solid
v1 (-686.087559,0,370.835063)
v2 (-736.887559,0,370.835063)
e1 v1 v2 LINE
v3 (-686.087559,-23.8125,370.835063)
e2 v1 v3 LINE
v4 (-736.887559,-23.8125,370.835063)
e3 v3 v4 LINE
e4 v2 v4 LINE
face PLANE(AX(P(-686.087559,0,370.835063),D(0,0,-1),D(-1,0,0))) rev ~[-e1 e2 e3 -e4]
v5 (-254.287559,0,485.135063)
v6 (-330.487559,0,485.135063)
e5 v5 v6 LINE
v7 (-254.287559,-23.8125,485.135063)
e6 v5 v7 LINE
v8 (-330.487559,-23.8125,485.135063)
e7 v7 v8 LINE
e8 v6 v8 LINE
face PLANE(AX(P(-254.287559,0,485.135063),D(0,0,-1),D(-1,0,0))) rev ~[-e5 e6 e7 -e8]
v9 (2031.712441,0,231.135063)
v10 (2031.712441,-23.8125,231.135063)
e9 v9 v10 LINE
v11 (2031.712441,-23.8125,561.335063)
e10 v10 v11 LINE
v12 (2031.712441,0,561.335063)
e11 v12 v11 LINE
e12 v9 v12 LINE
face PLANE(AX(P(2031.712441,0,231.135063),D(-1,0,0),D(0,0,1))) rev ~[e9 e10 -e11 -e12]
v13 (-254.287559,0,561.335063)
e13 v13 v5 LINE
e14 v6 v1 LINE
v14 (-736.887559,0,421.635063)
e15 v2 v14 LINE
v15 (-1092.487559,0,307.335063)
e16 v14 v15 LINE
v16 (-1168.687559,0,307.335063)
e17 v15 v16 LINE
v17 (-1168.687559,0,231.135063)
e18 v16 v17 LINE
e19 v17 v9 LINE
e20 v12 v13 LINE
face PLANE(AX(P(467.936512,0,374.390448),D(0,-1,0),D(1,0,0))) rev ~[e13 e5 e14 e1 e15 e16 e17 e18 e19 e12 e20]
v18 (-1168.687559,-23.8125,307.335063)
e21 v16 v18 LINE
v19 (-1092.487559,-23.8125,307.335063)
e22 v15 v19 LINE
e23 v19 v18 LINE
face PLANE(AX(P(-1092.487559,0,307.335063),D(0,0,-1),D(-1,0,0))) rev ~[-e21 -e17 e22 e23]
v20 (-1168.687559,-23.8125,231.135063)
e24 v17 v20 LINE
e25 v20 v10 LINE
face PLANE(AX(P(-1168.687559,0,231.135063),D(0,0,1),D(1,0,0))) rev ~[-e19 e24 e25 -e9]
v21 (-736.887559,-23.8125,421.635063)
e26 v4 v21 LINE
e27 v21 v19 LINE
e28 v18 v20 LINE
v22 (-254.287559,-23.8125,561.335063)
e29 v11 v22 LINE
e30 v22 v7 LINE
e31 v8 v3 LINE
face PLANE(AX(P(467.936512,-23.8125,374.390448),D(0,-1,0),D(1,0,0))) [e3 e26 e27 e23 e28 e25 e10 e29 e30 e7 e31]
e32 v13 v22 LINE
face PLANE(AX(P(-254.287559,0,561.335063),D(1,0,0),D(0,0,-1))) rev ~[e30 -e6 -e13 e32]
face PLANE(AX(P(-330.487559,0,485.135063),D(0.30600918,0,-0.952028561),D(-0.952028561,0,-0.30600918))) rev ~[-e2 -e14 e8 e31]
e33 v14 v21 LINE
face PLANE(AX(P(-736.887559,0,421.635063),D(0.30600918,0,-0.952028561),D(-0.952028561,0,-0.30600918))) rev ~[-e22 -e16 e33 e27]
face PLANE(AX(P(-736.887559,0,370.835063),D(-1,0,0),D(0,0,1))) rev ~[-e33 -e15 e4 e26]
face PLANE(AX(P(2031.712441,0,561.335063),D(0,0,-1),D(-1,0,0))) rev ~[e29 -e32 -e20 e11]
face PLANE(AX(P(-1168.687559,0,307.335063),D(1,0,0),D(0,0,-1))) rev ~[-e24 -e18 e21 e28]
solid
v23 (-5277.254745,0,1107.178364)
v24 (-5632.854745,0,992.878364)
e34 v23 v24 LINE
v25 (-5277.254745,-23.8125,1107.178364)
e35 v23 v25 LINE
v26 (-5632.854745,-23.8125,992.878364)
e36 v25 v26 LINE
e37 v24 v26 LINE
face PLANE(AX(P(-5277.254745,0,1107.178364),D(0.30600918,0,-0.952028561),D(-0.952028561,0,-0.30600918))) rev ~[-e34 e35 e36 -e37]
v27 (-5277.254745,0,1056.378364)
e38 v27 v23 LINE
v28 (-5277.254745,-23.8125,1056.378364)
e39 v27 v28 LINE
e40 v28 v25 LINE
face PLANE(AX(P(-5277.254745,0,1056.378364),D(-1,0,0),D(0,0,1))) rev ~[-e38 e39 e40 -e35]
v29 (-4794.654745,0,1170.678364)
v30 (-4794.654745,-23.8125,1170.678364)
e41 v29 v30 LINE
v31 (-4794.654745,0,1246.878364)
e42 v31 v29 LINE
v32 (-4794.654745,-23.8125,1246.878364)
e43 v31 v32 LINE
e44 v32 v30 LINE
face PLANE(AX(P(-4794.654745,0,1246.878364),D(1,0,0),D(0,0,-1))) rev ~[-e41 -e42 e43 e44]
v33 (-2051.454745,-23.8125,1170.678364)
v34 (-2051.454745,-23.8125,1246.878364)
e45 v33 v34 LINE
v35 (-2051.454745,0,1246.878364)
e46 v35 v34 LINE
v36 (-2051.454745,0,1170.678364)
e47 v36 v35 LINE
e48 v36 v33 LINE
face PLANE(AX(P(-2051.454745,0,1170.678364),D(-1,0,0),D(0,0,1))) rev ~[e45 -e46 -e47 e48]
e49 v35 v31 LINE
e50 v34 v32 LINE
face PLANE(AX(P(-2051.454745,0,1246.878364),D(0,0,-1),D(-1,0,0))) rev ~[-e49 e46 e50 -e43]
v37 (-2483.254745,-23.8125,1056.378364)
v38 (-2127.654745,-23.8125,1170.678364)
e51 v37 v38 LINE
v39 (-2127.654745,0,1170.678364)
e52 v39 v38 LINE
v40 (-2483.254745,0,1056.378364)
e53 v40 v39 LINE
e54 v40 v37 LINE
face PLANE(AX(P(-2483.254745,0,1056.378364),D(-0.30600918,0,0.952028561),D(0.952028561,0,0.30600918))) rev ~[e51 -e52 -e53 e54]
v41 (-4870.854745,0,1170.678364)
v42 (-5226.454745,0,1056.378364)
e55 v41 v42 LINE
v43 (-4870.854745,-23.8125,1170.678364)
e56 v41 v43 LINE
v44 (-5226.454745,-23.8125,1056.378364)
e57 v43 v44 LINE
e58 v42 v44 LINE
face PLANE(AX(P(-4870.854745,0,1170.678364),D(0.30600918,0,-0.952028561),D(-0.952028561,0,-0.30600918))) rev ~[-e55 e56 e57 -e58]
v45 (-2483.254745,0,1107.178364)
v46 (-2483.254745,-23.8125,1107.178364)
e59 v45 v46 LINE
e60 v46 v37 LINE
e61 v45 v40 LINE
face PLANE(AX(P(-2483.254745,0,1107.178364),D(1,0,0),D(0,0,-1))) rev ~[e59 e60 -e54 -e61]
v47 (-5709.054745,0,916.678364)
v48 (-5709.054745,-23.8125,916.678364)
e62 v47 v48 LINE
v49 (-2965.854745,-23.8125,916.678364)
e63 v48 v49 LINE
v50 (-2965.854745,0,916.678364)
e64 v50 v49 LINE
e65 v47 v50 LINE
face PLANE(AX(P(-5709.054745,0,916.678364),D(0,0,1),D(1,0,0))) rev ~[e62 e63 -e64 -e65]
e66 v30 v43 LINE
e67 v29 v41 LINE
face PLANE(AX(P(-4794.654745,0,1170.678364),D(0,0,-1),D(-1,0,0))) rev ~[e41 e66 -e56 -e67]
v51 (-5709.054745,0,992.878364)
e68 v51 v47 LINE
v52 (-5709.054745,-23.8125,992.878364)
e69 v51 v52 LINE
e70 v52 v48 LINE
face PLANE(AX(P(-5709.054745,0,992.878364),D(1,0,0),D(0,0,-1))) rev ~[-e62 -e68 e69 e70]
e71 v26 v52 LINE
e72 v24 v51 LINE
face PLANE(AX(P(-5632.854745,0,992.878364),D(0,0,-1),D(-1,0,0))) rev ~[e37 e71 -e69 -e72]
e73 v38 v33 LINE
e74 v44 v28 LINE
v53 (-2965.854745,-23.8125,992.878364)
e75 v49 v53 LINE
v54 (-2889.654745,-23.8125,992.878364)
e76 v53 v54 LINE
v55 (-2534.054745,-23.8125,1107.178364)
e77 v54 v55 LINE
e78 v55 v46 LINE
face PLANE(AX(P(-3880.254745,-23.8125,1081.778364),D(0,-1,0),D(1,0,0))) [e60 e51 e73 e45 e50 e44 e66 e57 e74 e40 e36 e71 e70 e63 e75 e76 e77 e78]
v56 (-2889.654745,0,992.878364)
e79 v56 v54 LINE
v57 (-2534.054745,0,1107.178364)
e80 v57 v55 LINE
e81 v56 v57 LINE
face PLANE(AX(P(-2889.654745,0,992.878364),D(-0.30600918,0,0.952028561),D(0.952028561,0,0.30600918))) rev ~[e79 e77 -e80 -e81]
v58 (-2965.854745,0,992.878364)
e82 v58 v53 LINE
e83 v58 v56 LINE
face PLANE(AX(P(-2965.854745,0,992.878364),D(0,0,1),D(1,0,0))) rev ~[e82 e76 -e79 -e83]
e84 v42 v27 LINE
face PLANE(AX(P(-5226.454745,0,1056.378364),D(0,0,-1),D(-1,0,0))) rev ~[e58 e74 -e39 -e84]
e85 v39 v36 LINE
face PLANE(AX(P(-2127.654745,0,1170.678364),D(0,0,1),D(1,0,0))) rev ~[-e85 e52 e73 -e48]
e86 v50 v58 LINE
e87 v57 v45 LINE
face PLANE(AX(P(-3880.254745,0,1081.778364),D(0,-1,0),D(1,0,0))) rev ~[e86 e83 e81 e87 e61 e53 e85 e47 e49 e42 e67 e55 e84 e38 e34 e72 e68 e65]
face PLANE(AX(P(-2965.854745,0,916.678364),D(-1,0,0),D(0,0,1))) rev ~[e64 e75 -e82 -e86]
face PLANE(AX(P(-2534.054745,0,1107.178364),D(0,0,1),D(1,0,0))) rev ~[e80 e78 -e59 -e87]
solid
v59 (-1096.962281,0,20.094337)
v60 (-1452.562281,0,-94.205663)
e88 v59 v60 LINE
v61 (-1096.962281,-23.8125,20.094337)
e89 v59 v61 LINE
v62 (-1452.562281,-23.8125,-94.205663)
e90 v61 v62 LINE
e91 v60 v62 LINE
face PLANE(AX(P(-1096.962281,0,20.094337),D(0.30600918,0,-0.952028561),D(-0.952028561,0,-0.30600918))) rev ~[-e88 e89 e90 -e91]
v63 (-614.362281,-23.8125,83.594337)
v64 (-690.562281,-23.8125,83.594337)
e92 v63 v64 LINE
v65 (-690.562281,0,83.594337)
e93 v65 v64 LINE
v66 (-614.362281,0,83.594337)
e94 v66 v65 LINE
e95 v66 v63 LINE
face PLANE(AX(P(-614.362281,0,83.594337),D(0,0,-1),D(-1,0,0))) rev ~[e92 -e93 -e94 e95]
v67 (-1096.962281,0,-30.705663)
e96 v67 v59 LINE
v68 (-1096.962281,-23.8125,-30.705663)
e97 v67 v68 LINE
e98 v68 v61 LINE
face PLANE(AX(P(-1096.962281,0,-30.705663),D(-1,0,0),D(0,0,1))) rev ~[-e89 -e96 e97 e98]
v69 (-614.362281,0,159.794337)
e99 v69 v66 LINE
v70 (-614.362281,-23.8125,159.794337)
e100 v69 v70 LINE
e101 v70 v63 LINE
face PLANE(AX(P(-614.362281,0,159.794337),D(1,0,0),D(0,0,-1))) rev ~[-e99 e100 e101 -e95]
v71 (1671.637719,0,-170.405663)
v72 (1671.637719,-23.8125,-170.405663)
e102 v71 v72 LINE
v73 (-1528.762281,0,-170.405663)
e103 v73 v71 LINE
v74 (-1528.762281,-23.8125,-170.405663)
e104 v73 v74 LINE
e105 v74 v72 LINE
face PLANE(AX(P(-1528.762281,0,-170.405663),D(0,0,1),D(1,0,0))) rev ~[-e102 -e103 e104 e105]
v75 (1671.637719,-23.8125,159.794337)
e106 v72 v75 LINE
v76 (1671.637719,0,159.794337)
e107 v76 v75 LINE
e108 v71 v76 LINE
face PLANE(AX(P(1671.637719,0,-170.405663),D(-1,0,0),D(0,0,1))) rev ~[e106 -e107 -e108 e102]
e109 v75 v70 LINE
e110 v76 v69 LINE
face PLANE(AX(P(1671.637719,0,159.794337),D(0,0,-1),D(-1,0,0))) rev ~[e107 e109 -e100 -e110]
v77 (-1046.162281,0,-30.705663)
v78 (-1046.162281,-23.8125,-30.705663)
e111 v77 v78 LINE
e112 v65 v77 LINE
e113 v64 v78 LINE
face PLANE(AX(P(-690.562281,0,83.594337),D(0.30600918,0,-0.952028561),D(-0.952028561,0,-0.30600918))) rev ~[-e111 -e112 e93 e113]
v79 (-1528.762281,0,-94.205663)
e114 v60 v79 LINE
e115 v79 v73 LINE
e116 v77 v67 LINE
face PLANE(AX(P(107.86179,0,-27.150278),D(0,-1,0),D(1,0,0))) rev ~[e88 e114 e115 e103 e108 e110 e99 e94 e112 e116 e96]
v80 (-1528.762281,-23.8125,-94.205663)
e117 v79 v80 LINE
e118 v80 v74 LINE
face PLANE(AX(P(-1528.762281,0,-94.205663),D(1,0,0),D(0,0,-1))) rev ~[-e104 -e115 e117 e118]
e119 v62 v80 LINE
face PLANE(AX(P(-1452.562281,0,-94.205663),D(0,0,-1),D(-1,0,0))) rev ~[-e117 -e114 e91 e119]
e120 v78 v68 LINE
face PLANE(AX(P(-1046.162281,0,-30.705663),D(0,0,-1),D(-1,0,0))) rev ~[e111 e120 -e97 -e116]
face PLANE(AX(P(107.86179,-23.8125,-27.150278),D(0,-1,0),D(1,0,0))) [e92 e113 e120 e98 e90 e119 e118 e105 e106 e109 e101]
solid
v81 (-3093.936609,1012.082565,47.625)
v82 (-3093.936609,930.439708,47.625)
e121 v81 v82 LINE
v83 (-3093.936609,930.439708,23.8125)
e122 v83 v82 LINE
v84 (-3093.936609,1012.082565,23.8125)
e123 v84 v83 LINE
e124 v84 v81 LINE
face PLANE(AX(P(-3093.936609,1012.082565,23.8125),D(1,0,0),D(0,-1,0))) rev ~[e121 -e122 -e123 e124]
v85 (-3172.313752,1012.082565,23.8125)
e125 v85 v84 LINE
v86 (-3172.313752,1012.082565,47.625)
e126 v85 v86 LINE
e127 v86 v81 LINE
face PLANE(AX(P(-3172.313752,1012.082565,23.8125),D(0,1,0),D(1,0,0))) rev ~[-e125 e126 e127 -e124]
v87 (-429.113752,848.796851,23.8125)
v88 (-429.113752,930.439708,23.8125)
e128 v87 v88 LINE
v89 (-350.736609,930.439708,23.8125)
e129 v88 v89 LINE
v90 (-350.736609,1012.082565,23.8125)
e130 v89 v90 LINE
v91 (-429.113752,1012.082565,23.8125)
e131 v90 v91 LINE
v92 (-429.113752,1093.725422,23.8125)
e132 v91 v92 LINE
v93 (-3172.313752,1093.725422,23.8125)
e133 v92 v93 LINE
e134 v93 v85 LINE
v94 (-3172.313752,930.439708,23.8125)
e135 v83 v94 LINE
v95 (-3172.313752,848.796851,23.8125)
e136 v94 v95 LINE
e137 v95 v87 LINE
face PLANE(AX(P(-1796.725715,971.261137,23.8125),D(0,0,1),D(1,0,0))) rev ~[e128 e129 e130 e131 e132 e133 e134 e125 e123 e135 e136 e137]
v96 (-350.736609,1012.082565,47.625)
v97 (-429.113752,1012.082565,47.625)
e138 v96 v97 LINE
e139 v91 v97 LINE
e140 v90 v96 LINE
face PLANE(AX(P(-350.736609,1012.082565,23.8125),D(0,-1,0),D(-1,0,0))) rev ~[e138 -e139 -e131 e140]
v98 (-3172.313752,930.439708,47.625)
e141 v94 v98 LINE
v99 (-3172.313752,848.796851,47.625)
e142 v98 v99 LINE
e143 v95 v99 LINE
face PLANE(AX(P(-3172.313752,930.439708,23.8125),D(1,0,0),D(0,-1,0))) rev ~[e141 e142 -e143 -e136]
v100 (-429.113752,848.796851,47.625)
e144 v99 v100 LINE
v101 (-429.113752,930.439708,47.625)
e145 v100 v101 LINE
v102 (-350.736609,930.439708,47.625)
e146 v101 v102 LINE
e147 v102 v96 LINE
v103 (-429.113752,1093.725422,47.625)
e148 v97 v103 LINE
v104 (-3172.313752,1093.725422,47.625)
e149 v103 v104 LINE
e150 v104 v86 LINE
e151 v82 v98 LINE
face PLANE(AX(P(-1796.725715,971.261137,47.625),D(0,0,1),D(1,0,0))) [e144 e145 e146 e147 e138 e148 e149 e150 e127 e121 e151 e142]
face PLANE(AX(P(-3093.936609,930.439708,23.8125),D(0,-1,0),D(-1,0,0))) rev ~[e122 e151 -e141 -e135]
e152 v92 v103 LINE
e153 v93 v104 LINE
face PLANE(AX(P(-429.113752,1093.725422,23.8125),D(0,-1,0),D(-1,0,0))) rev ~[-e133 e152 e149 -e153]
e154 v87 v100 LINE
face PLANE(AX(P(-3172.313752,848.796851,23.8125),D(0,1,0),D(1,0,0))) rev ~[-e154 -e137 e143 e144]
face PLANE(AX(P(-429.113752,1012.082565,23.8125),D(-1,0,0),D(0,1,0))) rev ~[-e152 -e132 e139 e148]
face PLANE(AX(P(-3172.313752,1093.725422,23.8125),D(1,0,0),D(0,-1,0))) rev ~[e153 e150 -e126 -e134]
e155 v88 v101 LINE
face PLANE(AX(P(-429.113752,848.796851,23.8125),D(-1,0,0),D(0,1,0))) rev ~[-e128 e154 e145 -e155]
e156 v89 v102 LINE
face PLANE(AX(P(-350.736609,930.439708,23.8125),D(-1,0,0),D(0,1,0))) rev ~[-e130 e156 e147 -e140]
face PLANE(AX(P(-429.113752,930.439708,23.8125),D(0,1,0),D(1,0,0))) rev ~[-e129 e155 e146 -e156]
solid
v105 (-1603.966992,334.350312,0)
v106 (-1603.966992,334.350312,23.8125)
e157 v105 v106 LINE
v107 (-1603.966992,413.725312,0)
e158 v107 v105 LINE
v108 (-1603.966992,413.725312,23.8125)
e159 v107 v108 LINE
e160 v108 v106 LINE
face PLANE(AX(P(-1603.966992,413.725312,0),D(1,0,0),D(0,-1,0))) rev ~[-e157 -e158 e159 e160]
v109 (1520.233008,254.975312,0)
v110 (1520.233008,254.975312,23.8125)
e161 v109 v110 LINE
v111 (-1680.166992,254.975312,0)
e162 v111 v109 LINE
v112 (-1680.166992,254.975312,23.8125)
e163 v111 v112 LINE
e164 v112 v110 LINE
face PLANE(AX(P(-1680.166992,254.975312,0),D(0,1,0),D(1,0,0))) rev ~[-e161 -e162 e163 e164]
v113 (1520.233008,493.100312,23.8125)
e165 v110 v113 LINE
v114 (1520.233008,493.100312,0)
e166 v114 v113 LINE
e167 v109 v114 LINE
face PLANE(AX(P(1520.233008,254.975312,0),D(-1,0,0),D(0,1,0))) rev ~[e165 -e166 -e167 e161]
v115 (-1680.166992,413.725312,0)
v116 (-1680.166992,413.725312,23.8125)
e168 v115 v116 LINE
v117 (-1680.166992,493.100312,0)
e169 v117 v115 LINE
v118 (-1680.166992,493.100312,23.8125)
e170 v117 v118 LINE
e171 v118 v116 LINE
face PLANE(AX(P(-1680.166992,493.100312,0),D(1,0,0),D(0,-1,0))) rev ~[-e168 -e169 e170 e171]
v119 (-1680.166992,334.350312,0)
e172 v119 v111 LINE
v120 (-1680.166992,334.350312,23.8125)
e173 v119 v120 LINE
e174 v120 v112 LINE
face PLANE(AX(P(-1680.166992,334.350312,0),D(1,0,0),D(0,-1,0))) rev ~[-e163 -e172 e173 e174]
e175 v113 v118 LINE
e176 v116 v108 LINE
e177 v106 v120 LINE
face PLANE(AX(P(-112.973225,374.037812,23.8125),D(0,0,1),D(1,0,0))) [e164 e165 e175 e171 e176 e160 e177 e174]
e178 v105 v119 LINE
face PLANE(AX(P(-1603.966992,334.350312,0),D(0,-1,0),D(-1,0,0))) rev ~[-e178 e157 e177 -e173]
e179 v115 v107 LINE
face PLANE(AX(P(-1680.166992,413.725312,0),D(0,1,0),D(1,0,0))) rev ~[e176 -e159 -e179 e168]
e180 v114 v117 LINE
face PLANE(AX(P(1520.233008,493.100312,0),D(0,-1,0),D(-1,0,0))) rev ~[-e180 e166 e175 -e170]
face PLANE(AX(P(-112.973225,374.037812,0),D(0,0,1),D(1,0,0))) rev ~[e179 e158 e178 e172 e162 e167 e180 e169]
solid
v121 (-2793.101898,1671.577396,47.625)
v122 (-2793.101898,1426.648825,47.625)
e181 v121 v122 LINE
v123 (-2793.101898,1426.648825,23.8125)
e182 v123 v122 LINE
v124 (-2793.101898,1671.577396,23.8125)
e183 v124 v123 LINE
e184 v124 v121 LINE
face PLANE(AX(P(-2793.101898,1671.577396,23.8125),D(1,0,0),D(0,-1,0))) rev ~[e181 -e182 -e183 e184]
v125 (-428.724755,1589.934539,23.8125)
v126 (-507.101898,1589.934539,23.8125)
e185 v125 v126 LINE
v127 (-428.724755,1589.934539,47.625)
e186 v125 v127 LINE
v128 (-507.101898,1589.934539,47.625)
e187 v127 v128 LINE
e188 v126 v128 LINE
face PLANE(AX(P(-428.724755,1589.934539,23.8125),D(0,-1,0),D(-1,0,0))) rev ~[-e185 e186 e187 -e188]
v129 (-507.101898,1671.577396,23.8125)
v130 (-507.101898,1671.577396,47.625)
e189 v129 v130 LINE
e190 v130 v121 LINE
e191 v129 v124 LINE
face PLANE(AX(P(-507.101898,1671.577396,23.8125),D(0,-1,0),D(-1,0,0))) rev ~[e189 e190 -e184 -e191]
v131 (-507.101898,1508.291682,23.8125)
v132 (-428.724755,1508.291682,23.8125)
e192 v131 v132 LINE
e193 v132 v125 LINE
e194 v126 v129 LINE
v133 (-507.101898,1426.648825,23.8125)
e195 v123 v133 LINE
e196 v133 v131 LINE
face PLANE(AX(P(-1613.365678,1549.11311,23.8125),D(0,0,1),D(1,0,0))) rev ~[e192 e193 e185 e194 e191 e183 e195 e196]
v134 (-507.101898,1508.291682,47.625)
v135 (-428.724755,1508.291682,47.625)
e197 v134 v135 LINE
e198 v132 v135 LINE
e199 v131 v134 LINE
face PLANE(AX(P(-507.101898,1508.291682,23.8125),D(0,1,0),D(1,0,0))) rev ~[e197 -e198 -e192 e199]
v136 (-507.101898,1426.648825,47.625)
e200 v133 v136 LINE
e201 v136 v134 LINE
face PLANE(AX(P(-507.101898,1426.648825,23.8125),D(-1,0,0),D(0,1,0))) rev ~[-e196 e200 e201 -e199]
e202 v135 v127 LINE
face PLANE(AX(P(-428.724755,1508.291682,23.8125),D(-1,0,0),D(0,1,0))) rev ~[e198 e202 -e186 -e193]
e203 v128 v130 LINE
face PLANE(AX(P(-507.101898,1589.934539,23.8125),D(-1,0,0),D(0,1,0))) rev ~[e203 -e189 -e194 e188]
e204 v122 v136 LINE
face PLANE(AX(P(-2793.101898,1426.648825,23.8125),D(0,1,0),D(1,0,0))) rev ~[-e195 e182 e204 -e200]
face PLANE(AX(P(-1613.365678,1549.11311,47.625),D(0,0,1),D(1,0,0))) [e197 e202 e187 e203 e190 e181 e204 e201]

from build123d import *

# Parameters (mm, degrees)
F1_DEPTH = 23.8125
F3_DEPTH = 23.8125
F5_DEPTH = 23.8125
F7_DEPTH = 23.8125


with BuildPart() as f1:
    # F0 (on Front) → F1 (new body)
    with BuildSketch(Plane.XZ):
        Polygon((1671.637719, 159.794337), (-614.362281, 159.794337), (-614.362281, 83.594337), (-690.562281, 83.594337), (-1046.162281, -30.705663), (-1096.962281, -30.705663), (-1096.962281, 20.094337), (-1452.562281, -94.205663), (-1528.762281, -94.205663), (-1528.762281, -170.405663), (1671.637719, -170.405663), align=None)
        Polygon((2031.712441, 561.335063), (-254.287559, 561.335063), (-254.287559, 485.135063), (-330.487559, 485.135063), (-686.087559, 370.835063), (-736.887559, 370.835063), (-736.887559, 421.635063), (-1092.487559, 307.335063), (-1168.687559, 307.335063), (-1168.687559, 231.135063), (2031.712441, 231.135063), align=None)
    extrude(amount=F1_DEPTH)


with BuildPart() as f3:
    # F2 (on face) → F3 (new body)
    with BuildSketch(Plane.XZ):
        Polygon((-2051.454745, 1246.878364), (-4794.654745, 1246.878364), (-4794.654745, 1170.678364), (-4870.854745, 1170.678364), (-5226.454745, 1056.378364), (-5277.254745, 1056.378364), (-5277.254745, 1107.178364), (-5632.854745, 992.878364), (-5709.054745, 992.878364), (-5709.054745, 916.678364), (-2965.854745, 916.678364), (-2965.854745, 992.878364), (-2889.654745, 992.878364), (-2534.054745, 1107.178364), (-2483.254745, 1107.178364), (-2483.254745, 1056.378364), (-2127.654745, 1170.678364), (-2051.454745, 1170.678364), align=None)
    extrude(amount=F3_DEPTH)


with BuildPart() as f5:
    # F4 (on Top) → F5 (new body)
    with BuildSketch(Plane.XY):
        Polygon((1520.233008, 493.100312), (-1680.166992, 493.100312), (-1680.166992, 413.725312), (-1603.966992, 413.725312), (-1603.966992, 334.350312), (-1680.166992, 334.350312), (-1680.166992, 254.975312), (1520.233008, 254.975312), align=None)
    extrude(amount=F5_DEPTH)


with BuildPart() as f7:
    # F6 (on face) → F7 (new body)
    with BuildSketch(Plane.XY.offset(23.8125)):
        Polygon((-429.113752, 1093.725422), (-3172.313752, 1093.725422), (-3172.313752, 1012.082565), (-3093.936609, 1012.082565), (-3093.936609, 930.439708), (-3172.313752, 930.439708), (-3172.313752, 848.796851), (-429.113752, 848.796851), (-429.113752, 930.439708), (-350.736609, 930.439708), (-350.736609, 1012.082565), (-429.113752, 1012.082565), align=None)
        Polygon((-507.101898, 1671.577396), (-2793.101898, 1671.577396), (-2793.101898, 1426.648825), (-507.101898, 1426.648825), (-507.101898, 1508.291682), (-428.724755, 1508.291682), (-428.724755, 1589.934539), (-507.101898, 1589.934539), align=None)
    extrude(amount=F7_DEPTH)


solid = Compound([f1.part, f3.part, f5.part, f7.part])
